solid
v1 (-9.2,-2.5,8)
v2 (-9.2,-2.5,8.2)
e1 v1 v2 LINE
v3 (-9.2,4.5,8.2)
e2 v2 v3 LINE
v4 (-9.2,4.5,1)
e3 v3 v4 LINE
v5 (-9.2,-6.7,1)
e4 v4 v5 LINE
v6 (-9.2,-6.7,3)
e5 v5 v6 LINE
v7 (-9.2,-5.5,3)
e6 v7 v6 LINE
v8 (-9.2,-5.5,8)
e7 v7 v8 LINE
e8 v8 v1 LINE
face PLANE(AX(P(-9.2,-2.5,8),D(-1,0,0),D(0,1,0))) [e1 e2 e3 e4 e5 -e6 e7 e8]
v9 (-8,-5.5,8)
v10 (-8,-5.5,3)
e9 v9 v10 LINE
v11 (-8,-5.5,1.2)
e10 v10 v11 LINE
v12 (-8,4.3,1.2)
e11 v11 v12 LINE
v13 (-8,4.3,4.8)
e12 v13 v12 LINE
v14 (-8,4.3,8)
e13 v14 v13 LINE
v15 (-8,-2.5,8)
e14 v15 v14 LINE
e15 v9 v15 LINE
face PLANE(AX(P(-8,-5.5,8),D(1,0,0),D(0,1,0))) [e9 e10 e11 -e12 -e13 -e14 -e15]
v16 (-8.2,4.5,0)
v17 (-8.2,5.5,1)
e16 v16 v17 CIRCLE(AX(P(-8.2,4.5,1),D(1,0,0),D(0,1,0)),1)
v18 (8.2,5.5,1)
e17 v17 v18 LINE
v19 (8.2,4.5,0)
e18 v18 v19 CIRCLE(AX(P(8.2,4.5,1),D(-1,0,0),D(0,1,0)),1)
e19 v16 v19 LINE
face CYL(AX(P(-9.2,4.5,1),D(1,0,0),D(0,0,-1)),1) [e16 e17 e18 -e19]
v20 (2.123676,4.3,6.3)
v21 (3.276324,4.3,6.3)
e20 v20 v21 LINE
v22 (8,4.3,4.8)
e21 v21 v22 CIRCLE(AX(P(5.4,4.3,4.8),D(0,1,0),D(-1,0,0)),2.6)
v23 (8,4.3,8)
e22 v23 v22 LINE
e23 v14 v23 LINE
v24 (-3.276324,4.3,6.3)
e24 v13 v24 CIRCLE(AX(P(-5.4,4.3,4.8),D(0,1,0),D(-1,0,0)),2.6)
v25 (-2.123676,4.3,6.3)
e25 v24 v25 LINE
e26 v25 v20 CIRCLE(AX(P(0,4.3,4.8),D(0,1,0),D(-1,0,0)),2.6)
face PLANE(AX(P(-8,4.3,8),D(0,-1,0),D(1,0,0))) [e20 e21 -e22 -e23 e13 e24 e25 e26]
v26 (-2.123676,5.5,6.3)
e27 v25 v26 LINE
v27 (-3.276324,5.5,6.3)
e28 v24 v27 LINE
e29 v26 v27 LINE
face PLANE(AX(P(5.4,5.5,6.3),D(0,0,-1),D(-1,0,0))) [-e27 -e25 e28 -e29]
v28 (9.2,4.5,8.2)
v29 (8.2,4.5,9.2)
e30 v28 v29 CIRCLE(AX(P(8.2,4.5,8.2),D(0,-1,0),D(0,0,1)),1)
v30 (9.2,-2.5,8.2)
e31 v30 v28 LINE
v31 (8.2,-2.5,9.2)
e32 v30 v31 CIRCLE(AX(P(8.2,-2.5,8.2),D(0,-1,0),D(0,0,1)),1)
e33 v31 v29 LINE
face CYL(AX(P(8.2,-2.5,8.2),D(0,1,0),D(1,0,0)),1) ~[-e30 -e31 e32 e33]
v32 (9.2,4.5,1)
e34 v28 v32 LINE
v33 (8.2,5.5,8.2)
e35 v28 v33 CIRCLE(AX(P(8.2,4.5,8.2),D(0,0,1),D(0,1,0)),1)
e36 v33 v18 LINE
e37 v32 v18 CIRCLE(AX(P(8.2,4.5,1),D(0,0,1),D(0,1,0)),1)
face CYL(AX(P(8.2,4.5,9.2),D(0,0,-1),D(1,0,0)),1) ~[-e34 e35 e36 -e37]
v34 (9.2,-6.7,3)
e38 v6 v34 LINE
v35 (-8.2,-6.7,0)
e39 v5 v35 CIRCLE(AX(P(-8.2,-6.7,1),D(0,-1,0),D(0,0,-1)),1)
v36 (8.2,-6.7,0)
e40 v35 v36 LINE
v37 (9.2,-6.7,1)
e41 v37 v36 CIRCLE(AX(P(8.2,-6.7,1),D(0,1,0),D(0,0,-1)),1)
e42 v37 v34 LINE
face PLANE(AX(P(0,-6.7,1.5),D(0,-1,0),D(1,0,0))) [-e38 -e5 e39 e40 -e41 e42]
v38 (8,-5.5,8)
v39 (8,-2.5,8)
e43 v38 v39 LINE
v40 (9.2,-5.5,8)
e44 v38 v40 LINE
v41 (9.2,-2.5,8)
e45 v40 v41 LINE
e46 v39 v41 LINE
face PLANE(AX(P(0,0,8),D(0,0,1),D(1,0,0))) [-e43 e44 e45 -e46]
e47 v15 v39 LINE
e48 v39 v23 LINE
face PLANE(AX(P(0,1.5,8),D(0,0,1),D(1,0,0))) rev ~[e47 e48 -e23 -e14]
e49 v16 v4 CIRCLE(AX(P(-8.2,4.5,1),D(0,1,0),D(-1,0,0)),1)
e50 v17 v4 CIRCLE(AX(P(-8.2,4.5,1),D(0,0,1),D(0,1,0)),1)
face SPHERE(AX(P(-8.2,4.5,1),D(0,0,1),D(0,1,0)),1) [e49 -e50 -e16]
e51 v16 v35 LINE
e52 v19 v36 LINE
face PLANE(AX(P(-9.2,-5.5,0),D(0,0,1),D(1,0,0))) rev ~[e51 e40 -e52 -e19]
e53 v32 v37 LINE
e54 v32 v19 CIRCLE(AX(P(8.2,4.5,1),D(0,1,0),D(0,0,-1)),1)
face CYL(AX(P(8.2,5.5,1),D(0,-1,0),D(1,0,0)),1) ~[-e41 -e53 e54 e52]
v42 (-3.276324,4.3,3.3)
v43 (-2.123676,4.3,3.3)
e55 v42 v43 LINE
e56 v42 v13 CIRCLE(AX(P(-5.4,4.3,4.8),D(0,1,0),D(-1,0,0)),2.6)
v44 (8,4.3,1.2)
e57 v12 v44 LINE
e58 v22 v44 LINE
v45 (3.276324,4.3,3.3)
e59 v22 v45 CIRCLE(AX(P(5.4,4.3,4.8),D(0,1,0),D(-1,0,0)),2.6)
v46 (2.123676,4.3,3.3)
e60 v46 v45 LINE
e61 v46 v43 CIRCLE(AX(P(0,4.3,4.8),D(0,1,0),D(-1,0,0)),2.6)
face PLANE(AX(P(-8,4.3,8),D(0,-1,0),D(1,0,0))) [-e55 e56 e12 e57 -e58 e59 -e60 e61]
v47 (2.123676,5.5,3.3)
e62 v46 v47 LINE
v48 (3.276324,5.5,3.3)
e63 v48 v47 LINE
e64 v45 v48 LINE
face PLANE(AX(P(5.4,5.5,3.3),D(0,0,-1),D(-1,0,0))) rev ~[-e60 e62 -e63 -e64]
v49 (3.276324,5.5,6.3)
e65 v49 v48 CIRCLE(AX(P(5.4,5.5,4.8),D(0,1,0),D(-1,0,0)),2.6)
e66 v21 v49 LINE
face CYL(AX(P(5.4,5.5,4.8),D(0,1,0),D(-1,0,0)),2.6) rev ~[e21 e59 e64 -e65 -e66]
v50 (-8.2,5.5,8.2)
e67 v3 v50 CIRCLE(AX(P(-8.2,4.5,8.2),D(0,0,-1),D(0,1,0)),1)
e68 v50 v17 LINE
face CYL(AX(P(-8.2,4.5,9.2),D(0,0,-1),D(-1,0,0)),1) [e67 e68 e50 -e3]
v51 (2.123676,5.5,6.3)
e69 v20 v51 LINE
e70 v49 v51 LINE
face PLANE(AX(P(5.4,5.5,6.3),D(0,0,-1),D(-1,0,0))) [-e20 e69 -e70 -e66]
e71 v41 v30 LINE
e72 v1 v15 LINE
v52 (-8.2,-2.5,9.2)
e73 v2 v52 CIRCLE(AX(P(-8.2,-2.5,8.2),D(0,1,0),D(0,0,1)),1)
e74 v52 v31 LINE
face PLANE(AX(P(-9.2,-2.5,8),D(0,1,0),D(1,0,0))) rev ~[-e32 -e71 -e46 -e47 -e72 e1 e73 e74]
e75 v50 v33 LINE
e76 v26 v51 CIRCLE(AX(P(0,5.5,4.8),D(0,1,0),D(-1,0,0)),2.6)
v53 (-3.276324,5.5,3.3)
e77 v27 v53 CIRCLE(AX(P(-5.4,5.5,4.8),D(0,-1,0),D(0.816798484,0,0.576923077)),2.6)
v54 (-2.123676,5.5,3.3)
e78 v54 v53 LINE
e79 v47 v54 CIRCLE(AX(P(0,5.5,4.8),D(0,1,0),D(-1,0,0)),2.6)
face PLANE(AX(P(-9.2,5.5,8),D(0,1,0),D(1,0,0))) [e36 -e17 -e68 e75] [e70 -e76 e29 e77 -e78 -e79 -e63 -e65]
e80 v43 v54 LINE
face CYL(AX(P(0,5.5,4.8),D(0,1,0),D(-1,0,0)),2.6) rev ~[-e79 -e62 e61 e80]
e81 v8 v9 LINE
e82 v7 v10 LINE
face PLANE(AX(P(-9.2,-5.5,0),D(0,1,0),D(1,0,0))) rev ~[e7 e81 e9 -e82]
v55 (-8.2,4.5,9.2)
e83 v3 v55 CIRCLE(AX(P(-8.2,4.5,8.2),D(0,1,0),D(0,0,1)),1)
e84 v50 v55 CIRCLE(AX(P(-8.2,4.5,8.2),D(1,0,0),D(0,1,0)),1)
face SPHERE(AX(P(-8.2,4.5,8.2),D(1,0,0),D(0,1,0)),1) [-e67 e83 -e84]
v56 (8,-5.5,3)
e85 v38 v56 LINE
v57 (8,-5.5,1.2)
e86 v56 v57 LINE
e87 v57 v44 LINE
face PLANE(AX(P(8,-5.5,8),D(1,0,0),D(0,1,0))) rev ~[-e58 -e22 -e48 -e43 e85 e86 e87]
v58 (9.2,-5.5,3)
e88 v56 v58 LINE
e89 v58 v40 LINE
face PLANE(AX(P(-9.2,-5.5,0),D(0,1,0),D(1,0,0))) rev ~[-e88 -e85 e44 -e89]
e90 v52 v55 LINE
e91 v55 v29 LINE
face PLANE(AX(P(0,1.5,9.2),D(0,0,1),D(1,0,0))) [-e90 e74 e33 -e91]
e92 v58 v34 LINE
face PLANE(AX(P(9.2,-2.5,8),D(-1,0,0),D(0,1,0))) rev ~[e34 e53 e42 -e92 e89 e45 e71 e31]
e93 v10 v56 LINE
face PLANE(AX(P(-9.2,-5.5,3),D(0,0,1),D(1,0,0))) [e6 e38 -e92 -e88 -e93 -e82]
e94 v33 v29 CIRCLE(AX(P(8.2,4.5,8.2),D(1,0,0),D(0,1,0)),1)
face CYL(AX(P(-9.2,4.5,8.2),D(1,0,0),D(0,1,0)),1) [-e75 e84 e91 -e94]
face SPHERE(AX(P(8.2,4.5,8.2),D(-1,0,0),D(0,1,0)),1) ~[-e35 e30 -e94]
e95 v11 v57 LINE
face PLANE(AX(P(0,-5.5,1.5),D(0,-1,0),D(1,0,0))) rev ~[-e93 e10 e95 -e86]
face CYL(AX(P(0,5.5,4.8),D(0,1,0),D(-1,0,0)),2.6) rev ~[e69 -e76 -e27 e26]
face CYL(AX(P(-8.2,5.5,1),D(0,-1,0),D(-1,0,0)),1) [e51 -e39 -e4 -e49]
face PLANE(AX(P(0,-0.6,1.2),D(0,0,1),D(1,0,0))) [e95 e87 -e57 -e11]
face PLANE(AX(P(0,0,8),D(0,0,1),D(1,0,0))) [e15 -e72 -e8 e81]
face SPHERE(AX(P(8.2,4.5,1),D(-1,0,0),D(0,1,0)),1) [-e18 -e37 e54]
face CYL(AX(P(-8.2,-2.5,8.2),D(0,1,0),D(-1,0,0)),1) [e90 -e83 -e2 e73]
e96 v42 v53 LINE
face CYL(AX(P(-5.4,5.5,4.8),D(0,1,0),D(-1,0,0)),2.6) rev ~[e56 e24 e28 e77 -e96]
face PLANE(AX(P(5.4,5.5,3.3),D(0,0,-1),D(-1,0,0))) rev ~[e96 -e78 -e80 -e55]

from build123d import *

# Parameters (mm, degrees)
SKETCH_W        = 18.4
SKETCH_H        = 11
PAD_DEPTH       = 8
SKETCH002_R     = 2.6
POCKET_DEPTH    = 10
SKETCH003_W     = 16
SKETCH003_H     = 9.8
POCKET001_DEPTH = 6.8
SKETCH004_W     = 10.8
SKETCH004_H     = 3
POCKET002_DEPTH = 5
SKETCH005_W     = 18.4
SKETCH005_H     = 3
PAD001_DEPTH    = 1.2
SKETCH006_W     = 18.4
SKETCH006_H     = 8
PAD002_DEPTH    = 1.2
FILLET_R        = 1


with BuildPart() as part:
    # Sketch → Pad (new body)
    with BuildSketch(Plane.XY):
        Rectangle(SKETCH_W, SKETCH_H)
    extrude(amount=PAD_DEPTH)

    # Sketch002 (on Face3 of Pad) → Pocket (cut)
    with BuildSketch(Plane(origin=(0, 5.5, 0), x_dir=(-1, 0, 0), z_dir=(0, 1, 0))):
        with Locations((-5.4, 4.8)):
            Circle(SKETCH002_R)
        with Locations((0, 4.8)):
            Circle(SKETCH002_R)
        with Locations((5.4, 4.8)):
            Circle(SKETCH002_R)
    extrude(amount=-POCKET_DEPTH, mode=Mode.SUBTRACT)

    # Sketch003 (on Face5 of Pocket) → Pocket001 (cut)
    with BuildSketch(Plane.XY.offset(8)):
        with Locations((0, -0.6)):
            Rectangle(SKETCH003_W, SKETCH003_H)
    extrude(amount=-POCKET001_DEPTH, mode=Mode.SUBTRACT)

    # Sketch004 (on Face9 of Pocket001) → Pocket002 (cut)
    with BuildSketch(Plane(origin=(0, 5.5, 0), x_dir=(-1, 0, 0), z_dir=(0, 1, 0))):
        with Locations((0, 4.8)):
            Rectangle(SKETCH004_W, SKETCH004_H)
    extrude(amount=-POCKET002_DEPTH, mode=Mode.SUBTRACT)

    # Sketch005 (on Face1 of Pocket002) → Pad001 (join)
    with BuildSketch(Plane.XZ.offset(5.5)):
        with Locations((0, 1.5)):
            Rectangle(SKETCH005_W, SKETCH005_H)
    extrude(amount=PAD001_DEPTH)

    # Sketch006 (on Face4 of Pad001) → Pad002 (join)
    with BuildSketch(Plane.XY.offset(8)):
        with Locations((0, 1.5)):
            Rectangle(SKETCH006_W, SKETCH006_H)
    extrude(amount=PAD002_DEPTH)

    # Fillet
    fillet_edges = [part.edges().sort_by_distance(p)[0] for p in [
        (0, 5.5, 9.2),
        (-9.2, 5.5, 4.6),
        (0, 5.5, 0),
        (9.2, 5.5, 4.6),
        (9.2, 1.5, 9.2),
        (-9.2, 1.5, 9.2),
        (-9.2, -0.6, 0),
        (9.2, -0.6, 0),
    ]]
    fillet(fillet_edges, radius=FILLET_R)


solid = part.part
